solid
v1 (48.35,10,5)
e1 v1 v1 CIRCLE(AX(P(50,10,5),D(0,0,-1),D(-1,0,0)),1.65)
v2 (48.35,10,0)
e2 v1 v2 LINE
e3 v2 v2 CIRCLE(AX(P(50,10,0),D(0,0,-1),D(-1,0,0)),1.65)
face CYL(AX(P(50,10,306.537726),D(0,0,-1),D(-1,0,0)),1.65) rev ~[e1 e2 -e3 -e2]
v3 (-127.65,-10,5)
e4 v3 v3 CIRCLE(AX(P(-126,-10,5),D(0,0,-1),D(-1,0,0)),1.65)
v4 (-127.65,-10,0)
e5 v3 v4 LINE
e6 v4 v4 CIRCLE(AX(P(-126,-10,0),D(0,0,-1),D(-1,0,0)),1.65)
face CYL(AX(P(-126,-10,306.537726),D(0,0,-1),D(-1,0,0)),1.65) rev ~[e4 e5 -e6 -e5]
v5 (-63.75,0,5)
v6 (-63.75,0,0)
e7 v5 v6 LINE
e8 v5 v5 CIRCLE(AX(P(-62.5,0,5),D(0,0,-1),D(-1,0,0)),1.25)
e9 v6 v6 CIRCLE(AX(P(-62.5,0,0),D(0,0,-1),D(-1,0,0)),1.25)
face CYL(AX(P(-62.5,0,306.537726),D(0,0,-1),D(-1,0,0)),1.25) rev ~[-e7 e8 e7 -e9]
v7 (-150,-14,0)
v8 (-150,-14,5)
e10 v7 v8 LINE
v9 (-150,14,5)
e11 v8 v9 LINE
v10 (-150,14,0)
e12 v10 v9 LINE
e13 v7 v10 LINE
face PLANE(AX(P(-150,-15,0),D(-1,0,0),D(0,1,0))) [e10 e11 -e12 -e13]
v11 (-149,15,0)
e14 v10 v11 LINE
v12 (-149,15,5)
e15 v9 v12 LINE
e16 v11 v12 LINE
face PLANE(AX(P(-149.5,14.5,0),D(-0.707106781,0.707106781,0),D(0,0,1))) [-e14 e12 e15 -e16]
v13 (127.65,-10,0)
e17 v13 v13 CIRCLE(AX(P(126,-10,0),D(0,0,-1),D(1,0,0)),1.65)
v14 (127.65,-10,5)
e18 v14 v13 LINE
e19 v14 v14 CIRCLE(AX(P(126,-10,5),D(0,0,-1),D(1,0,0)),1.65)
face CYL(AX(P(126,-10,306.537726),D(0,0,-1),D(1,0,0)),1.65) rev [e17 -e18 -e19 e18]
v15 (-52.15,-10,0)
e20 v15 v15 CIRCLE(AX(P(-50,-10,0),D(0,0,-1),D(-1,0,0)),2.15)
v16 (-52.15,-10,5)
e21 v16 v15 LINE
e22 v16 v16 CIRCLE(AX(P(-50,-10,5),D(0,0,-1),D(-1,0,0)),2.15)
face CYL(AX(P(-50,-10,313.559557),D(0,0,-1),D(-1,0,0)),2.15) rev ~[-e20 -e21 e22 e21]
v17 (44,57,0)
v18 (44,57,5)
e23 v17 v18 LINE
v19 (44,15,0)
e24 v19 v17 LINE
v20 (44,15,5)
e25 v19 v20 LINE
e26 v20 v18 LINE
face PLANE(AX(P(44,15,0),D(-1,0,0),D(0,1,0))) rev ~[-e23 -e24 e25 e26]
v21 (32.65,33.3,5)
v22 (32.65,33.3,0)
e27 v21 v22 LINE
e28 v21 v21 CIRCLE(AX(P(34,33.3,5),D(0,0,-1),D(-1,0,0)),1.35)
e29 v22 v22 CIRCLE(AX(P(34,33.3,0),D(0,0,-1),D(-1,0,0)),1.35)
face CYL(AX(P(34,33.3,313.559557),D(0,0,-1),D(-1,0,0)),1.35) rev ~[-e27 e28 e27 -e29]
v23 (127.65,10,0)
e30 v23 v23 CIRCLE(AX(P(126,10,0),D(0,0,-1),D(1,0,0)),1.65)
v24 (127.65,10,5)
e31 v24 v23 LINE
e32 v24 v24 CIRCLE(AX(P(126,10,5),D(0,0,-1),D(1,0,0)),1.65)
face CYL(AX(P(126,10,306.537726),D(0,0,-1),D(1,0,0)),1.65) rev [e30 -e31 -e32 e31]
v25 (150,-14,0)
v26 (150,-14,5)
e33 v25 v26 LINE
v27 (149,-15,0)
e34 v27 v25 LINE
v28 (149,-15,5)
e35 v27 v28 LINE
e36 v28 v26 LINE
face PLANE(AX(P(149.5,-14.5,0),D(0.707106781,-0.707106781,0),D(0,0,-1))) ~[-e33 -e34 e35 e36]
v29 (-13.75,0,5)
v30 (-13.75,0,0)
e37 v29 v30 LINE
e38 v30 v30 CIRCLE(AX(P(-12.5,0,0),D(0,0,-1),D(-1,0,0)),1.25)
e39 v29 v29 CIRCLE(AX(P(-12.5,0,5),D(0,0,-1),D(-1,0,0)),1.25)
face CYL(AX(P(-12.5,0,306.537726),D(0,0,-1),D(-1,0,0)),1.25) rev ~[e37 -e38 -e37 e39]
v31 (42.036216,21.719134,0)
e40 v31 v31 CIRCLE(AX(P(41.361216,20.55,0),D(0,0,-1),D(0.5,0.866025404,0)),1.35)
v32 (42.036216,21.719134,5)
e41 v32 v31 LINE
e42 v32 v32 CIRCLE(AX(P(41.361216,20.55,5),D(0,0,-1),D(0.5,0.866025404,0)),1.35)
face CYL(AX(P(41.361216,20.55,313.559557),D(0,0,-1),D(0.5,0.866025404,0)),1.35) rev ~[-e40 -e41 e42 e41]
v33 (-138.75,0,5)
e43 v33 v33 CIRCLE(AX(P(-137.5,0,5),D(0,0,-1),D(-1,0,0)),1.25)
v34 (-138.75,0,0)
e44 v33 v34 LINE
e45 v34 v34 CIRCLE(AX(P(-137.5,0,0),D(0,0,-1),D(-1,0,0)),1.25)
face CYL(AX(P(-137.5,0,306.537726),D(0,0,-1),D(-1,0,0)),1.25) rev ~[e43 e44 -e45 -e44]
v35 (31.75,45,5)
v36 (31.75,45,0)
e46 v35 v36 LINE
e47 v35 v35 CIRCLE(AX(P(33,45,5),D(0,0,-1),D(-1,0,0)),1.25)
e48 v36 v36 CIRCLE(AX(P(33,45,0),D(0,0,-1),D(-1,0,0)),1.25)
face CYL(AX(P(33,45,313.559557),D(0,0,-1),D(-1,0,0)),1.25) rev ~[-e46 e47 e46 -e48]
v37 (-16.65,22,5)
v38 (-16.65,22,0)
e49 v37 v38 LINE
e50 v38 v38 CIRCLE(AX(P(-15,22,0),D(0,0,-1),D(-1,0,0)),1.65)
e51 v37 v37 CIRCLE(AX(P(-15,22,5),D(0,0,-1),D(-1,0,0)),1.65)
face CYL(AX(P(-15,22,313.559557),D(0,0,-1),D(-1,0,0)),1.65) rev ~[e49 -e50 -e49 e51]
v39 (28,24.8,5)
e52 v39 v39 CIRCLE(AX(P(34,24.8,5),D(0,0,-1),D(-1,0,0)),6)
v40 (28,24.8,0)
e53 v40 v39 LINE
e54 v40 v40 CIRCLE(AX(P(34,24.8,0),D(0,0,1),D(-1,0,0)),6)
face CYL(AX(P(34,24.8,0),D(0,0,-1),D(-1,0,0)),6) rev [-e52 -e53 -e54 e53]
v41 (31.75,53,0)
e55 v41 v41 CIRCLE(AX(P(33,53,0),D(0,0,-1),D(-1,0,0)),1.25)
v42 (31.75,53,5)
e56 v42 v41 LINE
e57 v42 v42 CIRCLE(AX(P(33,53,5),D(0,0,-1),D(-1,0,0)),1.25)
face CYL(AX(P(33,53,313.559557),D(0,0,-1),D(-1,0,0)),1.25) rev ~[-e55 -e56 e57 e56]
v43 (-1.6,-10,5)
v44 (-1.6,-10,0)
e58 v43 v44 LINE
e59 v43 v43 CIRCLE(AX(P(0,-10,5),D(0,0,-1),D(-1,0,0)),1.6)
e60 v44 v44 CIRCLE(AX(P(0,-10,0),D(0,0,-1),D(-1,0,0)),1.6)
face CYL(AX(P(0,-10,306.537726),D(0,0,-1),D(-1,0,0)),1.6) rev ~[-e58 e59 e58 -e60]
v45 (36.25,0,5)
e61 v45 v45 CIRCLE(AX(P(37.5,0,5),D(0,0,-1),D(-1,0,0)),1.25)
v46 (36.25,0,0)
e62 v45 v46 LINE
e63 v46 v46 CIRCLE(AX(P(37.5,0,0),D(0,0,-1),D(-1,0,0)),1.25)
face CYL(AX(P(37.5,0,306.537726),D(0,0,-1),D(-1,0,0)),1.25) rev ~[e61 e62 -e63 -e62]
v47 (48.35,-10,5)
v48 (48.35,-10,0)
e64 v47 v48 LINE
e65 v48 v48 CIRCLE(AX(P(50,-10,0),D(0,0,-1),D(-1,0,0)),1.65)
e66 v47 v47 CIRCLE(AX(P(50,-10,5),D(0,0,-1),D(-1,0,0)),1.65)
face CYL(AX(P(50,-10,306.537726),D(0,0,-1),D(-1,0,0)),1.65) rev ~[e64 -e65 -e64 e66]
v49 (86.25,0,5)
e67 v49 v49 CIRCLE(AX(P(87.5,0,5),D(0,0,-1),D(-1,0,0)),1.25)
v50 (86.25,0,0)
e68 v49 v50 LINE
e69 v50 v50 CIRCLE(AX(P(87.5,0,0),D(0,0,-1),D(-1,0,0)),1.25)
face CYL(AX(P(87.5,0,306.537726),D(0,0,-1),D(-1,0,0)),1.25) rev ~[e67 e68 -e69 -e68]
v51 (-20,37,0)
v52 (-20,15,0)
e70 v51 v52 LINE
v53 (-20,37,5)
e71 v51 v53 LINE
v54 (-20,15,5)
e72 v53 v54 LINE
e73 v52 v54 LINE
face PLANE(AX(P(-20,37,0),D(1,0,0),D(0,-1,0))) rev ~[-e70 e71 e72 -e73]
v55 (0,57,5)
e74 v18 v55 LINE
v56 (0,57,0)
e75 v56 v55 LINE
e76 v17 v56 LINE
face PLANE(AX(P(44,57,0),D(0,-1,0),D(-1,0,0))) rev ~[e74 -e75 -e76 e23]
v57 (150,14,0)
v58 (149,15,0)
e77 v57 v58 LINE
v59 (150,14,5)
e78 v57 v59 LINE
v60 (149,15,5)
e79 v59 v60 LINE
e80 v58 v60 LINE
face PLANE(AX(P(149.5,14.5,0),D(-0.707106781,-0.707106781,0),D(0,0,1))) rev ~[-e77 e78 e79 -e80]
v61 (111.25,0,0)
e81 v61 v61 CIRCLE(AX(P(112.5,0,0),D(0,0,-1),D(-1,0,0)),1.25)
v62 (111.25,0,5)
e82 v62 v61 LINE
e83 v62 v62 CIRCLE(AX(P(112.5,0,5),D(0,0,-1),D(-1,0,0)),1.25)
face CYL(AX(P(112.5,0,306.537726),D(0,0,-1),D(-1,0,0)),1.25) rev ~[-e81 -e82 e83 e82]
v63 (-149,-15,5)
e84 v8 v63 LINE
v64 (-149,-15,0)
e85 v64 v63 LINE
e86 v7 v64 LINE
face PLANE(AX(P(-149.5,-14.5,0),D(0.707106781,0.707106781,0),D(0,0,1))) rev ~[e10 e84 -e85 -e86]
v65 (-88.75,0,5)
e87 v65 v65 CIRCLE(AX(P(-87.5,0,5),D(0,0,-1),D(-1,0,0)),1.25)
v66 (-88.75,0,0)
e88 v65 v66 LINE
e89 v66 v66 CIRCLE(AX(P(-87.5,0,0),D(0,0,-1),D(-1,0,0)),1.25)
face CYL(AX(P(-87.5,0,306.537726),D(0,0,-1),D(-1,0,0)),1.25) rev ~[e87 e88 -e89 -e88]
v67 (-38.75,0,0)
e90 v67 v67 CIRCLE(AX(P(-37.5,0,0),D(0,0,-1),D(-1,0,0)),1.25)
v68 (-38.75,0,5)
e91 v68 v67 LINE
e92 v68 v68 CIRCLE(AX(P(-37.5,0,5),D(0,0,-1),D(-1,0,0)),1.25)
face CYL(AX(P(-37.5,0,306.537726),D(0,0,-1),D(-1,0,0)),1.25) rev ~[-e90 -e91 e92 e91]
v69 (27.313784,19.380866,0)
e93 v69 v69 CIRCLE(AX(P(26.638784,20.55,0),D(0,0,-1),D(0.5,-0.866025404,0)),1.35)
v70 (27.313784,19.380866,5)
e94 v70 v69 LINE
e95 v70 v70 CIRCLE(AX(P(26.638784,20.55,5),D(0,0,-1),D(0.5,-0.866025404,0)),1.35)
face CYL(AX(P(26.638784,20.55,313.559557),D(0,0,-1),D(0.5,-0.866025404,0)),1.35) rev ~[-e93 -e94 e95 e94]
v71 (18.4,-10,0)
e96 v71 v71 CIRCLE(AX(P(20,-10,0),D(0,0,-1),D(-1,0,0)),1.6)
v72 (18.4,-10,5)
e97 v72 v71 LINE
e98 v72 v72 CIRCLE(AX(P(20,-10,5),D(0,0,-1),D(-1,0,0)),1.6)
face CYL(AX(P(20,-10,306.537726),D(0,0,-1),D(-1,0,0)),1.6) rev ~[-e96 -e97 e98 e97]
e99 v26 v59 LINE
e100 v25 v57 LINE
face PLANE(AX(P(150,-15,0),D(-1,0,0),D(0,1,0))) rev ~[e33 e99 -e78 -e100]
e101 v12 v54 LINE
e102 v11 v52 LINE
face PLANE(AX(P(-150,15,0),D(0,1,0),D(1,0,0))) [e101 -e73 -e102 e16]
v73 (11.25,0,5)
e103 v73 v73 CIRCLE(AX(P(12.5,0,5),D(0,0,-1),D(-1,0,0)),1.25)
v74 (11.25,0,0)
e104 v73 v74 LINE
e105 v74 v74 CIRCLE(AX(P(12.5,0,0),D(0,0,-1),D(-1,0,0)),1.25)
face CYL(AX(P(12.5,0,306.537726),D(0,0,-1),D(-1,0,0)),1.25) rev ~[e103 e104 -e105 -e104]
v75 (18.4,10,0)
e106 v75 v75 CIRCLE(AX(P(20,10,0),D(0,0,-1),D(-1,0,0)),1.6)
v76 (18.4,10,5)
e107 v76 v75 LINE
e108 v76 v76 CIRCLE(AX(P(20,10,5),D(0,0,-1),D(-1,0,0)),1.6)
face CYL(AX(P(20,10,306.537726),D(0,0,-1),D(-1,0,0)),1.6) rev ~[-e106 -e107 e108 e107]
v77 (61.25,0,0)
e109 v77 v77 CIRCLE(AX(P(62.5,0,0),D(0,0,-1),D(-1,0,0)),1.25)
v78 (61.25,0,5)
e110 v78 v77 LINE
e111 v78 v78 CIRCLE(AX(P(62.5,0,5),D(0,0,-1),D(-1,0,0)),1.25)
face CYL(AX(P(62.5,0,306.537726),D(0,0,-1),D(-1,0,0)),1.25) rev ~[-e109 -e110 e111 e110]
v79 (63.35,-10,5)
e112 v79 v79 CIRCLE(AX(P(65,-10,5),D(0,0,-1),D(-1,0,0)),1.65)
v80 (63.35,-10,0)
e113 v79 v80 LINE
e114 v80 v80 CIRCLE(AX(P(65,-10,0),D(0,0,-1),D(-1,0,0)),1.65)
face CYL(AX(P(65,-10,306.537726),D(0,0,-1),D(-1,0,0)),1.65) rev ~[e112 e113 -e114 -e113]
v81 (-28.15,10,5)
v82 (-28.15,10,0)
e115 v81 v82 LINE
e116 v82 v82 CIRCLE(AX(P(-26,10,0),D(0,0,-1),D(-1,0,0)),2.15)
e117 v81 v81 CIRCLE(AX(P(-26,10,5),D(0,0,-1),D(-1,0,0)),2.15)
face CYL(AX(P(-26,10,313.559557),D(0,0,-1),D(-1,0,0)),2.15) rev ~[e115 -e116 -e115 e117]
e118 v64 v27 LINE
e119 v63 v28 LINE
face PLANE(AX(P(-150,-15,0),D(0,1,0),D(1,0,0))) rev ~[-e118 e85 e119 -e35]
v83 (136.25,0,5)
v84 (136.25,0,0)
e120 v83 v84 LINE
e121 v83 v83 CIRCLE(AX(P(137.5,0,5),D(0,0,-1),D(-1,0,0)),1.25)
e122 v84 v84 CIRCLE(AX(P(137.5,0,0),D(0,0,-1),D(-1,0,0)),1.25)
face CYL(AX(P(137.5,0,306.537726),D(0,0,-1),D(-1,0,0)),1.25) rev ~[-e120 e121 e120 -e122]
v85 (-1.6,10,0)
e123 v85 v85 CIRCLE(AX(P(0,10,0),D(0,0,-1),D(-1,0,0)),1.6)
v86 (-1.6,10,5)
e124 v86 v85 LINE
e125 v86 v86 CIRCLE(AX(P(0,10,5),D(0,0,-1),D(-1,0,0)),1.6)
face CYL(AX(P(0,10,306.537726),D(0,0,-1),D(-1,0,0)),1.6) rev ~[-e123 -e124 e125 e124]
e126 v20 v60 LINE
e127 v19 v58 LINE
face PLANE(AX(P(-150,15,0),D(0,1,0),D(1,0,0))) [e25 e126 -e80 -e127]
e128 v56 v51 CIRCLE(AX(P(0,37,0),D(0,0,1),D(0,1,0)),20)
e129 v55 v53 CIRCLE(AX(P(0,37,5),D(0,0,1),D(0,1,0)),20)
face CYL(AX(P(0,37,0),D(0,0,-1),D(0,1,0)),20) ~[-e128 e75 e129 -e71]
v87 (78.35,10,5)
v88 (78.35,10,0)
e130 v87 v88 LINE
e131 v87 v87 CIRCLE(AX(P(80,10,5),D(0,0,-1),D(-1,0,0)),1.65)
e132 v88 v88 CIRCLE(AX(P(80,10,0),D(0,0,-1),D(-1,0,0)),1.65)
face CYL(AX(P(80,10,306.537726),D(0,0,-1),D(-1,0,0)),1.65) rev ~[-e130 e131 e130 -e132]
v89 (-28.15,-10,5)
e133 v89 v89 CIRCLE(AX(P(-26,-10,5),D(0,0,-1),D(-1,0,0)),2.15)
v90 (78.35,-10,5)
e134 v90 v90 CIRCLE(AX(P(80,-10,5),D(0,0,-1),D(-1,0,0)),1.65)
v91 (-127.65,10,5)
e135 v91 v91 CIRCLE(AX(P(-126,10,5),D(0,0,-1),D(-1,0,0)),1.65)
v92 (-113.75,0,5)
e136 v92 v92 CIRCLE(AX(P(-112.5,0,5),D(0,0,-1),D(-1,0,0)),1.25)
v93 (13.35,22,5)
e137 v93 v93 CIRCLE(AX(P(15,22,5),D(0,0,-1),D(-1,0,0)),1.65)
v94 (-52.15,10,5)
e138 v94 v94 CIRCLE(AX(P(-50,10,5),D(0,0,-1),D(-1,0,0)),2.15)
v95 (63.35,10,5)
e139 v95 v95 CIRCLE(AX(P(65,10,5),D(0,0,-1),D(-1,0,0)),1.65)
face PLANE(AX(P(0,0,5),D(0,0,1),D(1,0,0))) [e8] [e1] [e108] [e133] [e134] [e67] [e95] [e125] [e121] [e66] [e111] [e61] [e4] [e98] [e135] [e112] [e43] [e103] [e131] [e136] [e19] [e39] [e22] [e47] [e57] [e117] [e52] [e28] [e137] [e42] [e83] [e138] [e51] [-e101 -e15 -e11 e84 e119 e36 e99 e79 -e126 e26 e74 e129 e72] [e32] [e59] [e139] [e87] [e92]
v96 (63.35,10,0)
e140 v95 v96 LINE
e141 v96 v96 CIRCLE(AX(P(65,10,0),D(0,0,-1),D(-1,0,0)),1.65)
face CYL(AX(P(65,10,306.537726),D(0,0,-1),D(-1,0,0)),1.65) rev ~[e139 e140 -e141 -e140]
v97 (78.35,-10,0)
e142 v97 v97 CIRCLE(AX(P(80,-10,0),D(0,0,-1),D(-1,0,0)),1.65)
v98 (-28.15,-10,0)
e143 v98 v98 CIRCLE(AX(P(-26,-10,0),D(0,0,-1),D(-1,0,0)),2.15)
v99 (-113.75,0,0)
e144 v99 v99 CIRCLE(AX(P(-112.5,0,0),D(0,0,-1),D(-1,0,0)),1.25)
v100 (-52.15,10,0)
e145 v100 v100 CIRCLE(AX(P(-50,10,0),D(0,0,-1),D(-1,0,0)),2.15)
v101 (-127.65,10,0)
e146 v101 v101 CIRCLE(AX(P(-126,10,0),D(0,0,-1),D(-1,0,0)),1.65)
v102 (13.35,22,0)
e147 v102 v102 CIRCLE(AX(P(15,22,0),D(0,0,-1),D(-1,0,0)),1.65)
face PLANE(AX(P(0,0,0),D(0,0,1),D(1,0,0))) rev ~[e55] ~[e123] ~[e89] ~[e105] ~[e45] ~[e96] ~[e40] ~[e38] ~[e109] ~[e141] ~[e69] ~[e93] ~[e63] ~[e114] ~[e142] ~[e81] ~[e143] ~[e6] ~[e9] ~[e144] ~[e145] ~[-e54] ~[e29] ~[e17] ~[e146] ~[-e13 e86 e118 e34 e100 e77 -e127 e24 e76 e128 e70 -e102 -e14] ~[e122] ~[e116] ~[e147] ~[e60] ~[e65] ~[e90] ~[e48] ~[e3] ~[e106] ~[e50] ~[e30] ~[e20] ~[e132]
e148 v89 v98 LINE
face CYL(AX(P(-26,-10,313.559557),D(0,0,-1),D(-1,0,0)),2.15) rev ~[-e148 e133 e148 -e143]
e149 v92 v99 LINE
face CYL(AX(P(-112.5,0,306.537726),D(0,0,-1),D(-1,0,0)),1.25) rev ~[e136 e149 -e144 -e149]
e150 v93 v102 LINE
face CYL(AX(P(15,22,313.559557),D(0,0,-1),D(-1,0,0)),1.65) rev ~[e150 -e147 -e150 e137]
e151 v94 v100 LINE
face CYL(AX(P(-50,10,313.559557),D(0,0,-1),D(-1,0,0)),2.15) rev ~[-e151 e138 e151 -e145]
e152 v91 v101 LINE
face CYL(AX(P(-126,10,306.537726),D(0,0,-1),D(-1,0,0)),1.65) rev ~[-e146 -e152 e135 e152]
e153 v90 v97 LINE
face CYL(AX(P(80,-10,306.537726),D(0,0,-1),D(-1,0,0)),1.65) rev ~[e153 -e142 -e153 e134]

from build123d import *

# Parameters (mm, degrees)
SKETCH_1_W                 = 300
SKETCH_1_H                 = 30
EXTRUDE_1_DEPTH            = 5
CHAMFER_1_SIZE             = 1
HOLE_WIZARD_M3_1_D         = 3.2
M3X0_5_1_D                 = 2.5
M4X0_7_1_D                 = 3.3
M4X0_7_2_D                 = 3.3
PATTERN_LINEAR_1_COUNT     = 6
PATTERN_LINEAR_1_PITCH     = 25
PATTERN_LINEAR_1_COL_COUNT = 7
PATTERN_LINEAR_1_COL_PITCH = 25
EXTRUDE_3_DEPTH            = 5
SKETCH_13_R                = 6
CUT_EXTRUDE_2_DEPTH        = 161.542829177
HOLE_WIZARD_M2_5_1_D       = 2.7
M4X0_7_3_D                 = 3.3
HOLE_WIZARD_M4_1_D         = 4.3
M3X0_5_2_D                 = 2.5
PATTERN_CIRCULAR_1_COUNT   = 3


with BuildPart() as part:
    # 草圖1 → 填料-伸長1 (new body)
    with BuildSketch(Plane.XY):
        Rectangle(SKETCH_1_W, SKETCH_1_H)
    extrude(amount=EXTRUDE_1_DEPTH)

    # 導角1
    chamfer_1_edges = [part.edges().sort_by_distance(p)[0] for p in [
        (150, -15, 2.5),
        (-150, -15, 2.5),
        (-150, 15, 2.5),
        (150, 15, 2.5),
    ]]
    chamfer(chamfer_1_edges, length=CHAMFER_1_SIZE)

    # M3 餘隙孔1 (through all)
    with Locations(Plane.XY.offset(5)):
        with Locations((20, -10), (20, 10), (0, -10), (0, 10)):
            Hole(HOLE_WIZARD_M3_1_D / 2)

    # M3x0.5 螺紋孔1 (through all)
    with Locations(Plane.XY.offset(5)):
        with Locations((-12.5, 0)):
            m3x0_5_1 = Hole(M3X0_5_1_D / 2)

    # M4x0.7 螺紋孔1 (through all)
    with Locations(Plane.XY.offset(5)):
        with Locations((80, 10), (50, -10), (50, 10), (80, -10), (65, 10), (65, -10)):
            Hole(M4X0_7_1_D / 2)

    # M4x0.7 螺紋孔2 (through all)
    with Locations(Plane.XY.offset(5)):
        with Locations((-126, 10), (-126, -10)):
            m4x0_7_2 = Hole(M4X0_7_2_D / 2)

    # 直線複製排列1: M3x0.5 螺紋孔1 ×6
    with Locations(*[(-i * PATTERN_LINEAR_1_PITCH, 0, 0) for i in range(1, PATTERN_LINEAR_1_COUNT)]):
        add(m3x0_5_1, mode=Mode.SUBTRACT)

    # 直線複製排列1 col: M3x0.5 螺紋孔1 ×7
    with Locations(*[(i * PATTERN_LINEAR_1_COL_PITCH, 0, 0) for i in range(1, PATTERN_LINEAR_1_COL_COUNT)]):
        add(m3x0_5_1, mode=Mode.SUBTRACT)

    # 鏡射1: M4x0.7 螺紋孔2 across plane
    add(m4x0_7_2.mirror(Plane(origin=(0, 0, 0), x_dir=(0, 0, 1), z_dir=(1, 0, 0))), mode=Mode.SUBTRACT)

    # 草圖16 → 填料-伸長3 (add, through all)
    with BuildSketch(Plane.XY):
        with BuildLine():
            Line((-20, 15), (44, 15))
            Line((44, 15), (44, 57))
            Line((44, 57), (0, 57))
            ThreePointArc((0, 57), (-14.142135624, 51.142135624), (-20, 37))
            Line((-20, 37), (-20, 15))
        make_face()
    extrude(amount=EXTRUDE_3_DEPTH)

    # 草圖13 → 除料-伸長2 (cut, through all)
    with BuildSketch(Plane.XY):
        with Locations(Location((34, 24.8, 0), (0, 0, 180))):
            Circle(SKETCH_13_R)
    extrude(amount=CUT_EXTRUDE_2_DEPTH, mode=Mode.SUBTRACT)

    # M2.5 餘隙孔1 (through all)
    with Locations(Plane.XY.offset(5)):
        with Locations((34, 33.3)):
            hole_wizard_m2_5_1 = Hole(HOLE_WIZARD_M2_5_1_D / 2)

    # M4x0.7 螺紋孔3 (through all)
    with Locations(Plane.XY.offset(5)):
        with Locations((15, 22), (-15, 22)):
            Hole(M4X0_7_3_D / 2)

    # M4 餘隙孔1 (through all)
    with Locations(Plane.XY.offset(5)):
        with Locations((-26, -10), (-26, 10), (-50, -10), (-50, 10)):
            Hole(HOLE_WIZARD_M4_1_D / 2)

    # M3x0.5 螺紋孔2 (through all)
    with Locations(Plane.XY.offset(5)):
        with Locations((33, 53), (33, 45)):
            Hole(M3X0_5_2_D / 2)

    # 環狀複製排列1: M2.5 餘隙孔1 ×3 about axis
    pattern_circular_1_axis = Axis((34, 24.8, 0), (0, 0, 1))
    for i in range(1, PATTERN_CIRCULAR_1_COUNT):
        add(hole_wizard_m2_5_1.rotate(pattern_circular_1_axis, i * 360 / PATTERN_CIRCULAR_1_COUNT), mode=Mode.SUBTRACT)


solid = part.part
